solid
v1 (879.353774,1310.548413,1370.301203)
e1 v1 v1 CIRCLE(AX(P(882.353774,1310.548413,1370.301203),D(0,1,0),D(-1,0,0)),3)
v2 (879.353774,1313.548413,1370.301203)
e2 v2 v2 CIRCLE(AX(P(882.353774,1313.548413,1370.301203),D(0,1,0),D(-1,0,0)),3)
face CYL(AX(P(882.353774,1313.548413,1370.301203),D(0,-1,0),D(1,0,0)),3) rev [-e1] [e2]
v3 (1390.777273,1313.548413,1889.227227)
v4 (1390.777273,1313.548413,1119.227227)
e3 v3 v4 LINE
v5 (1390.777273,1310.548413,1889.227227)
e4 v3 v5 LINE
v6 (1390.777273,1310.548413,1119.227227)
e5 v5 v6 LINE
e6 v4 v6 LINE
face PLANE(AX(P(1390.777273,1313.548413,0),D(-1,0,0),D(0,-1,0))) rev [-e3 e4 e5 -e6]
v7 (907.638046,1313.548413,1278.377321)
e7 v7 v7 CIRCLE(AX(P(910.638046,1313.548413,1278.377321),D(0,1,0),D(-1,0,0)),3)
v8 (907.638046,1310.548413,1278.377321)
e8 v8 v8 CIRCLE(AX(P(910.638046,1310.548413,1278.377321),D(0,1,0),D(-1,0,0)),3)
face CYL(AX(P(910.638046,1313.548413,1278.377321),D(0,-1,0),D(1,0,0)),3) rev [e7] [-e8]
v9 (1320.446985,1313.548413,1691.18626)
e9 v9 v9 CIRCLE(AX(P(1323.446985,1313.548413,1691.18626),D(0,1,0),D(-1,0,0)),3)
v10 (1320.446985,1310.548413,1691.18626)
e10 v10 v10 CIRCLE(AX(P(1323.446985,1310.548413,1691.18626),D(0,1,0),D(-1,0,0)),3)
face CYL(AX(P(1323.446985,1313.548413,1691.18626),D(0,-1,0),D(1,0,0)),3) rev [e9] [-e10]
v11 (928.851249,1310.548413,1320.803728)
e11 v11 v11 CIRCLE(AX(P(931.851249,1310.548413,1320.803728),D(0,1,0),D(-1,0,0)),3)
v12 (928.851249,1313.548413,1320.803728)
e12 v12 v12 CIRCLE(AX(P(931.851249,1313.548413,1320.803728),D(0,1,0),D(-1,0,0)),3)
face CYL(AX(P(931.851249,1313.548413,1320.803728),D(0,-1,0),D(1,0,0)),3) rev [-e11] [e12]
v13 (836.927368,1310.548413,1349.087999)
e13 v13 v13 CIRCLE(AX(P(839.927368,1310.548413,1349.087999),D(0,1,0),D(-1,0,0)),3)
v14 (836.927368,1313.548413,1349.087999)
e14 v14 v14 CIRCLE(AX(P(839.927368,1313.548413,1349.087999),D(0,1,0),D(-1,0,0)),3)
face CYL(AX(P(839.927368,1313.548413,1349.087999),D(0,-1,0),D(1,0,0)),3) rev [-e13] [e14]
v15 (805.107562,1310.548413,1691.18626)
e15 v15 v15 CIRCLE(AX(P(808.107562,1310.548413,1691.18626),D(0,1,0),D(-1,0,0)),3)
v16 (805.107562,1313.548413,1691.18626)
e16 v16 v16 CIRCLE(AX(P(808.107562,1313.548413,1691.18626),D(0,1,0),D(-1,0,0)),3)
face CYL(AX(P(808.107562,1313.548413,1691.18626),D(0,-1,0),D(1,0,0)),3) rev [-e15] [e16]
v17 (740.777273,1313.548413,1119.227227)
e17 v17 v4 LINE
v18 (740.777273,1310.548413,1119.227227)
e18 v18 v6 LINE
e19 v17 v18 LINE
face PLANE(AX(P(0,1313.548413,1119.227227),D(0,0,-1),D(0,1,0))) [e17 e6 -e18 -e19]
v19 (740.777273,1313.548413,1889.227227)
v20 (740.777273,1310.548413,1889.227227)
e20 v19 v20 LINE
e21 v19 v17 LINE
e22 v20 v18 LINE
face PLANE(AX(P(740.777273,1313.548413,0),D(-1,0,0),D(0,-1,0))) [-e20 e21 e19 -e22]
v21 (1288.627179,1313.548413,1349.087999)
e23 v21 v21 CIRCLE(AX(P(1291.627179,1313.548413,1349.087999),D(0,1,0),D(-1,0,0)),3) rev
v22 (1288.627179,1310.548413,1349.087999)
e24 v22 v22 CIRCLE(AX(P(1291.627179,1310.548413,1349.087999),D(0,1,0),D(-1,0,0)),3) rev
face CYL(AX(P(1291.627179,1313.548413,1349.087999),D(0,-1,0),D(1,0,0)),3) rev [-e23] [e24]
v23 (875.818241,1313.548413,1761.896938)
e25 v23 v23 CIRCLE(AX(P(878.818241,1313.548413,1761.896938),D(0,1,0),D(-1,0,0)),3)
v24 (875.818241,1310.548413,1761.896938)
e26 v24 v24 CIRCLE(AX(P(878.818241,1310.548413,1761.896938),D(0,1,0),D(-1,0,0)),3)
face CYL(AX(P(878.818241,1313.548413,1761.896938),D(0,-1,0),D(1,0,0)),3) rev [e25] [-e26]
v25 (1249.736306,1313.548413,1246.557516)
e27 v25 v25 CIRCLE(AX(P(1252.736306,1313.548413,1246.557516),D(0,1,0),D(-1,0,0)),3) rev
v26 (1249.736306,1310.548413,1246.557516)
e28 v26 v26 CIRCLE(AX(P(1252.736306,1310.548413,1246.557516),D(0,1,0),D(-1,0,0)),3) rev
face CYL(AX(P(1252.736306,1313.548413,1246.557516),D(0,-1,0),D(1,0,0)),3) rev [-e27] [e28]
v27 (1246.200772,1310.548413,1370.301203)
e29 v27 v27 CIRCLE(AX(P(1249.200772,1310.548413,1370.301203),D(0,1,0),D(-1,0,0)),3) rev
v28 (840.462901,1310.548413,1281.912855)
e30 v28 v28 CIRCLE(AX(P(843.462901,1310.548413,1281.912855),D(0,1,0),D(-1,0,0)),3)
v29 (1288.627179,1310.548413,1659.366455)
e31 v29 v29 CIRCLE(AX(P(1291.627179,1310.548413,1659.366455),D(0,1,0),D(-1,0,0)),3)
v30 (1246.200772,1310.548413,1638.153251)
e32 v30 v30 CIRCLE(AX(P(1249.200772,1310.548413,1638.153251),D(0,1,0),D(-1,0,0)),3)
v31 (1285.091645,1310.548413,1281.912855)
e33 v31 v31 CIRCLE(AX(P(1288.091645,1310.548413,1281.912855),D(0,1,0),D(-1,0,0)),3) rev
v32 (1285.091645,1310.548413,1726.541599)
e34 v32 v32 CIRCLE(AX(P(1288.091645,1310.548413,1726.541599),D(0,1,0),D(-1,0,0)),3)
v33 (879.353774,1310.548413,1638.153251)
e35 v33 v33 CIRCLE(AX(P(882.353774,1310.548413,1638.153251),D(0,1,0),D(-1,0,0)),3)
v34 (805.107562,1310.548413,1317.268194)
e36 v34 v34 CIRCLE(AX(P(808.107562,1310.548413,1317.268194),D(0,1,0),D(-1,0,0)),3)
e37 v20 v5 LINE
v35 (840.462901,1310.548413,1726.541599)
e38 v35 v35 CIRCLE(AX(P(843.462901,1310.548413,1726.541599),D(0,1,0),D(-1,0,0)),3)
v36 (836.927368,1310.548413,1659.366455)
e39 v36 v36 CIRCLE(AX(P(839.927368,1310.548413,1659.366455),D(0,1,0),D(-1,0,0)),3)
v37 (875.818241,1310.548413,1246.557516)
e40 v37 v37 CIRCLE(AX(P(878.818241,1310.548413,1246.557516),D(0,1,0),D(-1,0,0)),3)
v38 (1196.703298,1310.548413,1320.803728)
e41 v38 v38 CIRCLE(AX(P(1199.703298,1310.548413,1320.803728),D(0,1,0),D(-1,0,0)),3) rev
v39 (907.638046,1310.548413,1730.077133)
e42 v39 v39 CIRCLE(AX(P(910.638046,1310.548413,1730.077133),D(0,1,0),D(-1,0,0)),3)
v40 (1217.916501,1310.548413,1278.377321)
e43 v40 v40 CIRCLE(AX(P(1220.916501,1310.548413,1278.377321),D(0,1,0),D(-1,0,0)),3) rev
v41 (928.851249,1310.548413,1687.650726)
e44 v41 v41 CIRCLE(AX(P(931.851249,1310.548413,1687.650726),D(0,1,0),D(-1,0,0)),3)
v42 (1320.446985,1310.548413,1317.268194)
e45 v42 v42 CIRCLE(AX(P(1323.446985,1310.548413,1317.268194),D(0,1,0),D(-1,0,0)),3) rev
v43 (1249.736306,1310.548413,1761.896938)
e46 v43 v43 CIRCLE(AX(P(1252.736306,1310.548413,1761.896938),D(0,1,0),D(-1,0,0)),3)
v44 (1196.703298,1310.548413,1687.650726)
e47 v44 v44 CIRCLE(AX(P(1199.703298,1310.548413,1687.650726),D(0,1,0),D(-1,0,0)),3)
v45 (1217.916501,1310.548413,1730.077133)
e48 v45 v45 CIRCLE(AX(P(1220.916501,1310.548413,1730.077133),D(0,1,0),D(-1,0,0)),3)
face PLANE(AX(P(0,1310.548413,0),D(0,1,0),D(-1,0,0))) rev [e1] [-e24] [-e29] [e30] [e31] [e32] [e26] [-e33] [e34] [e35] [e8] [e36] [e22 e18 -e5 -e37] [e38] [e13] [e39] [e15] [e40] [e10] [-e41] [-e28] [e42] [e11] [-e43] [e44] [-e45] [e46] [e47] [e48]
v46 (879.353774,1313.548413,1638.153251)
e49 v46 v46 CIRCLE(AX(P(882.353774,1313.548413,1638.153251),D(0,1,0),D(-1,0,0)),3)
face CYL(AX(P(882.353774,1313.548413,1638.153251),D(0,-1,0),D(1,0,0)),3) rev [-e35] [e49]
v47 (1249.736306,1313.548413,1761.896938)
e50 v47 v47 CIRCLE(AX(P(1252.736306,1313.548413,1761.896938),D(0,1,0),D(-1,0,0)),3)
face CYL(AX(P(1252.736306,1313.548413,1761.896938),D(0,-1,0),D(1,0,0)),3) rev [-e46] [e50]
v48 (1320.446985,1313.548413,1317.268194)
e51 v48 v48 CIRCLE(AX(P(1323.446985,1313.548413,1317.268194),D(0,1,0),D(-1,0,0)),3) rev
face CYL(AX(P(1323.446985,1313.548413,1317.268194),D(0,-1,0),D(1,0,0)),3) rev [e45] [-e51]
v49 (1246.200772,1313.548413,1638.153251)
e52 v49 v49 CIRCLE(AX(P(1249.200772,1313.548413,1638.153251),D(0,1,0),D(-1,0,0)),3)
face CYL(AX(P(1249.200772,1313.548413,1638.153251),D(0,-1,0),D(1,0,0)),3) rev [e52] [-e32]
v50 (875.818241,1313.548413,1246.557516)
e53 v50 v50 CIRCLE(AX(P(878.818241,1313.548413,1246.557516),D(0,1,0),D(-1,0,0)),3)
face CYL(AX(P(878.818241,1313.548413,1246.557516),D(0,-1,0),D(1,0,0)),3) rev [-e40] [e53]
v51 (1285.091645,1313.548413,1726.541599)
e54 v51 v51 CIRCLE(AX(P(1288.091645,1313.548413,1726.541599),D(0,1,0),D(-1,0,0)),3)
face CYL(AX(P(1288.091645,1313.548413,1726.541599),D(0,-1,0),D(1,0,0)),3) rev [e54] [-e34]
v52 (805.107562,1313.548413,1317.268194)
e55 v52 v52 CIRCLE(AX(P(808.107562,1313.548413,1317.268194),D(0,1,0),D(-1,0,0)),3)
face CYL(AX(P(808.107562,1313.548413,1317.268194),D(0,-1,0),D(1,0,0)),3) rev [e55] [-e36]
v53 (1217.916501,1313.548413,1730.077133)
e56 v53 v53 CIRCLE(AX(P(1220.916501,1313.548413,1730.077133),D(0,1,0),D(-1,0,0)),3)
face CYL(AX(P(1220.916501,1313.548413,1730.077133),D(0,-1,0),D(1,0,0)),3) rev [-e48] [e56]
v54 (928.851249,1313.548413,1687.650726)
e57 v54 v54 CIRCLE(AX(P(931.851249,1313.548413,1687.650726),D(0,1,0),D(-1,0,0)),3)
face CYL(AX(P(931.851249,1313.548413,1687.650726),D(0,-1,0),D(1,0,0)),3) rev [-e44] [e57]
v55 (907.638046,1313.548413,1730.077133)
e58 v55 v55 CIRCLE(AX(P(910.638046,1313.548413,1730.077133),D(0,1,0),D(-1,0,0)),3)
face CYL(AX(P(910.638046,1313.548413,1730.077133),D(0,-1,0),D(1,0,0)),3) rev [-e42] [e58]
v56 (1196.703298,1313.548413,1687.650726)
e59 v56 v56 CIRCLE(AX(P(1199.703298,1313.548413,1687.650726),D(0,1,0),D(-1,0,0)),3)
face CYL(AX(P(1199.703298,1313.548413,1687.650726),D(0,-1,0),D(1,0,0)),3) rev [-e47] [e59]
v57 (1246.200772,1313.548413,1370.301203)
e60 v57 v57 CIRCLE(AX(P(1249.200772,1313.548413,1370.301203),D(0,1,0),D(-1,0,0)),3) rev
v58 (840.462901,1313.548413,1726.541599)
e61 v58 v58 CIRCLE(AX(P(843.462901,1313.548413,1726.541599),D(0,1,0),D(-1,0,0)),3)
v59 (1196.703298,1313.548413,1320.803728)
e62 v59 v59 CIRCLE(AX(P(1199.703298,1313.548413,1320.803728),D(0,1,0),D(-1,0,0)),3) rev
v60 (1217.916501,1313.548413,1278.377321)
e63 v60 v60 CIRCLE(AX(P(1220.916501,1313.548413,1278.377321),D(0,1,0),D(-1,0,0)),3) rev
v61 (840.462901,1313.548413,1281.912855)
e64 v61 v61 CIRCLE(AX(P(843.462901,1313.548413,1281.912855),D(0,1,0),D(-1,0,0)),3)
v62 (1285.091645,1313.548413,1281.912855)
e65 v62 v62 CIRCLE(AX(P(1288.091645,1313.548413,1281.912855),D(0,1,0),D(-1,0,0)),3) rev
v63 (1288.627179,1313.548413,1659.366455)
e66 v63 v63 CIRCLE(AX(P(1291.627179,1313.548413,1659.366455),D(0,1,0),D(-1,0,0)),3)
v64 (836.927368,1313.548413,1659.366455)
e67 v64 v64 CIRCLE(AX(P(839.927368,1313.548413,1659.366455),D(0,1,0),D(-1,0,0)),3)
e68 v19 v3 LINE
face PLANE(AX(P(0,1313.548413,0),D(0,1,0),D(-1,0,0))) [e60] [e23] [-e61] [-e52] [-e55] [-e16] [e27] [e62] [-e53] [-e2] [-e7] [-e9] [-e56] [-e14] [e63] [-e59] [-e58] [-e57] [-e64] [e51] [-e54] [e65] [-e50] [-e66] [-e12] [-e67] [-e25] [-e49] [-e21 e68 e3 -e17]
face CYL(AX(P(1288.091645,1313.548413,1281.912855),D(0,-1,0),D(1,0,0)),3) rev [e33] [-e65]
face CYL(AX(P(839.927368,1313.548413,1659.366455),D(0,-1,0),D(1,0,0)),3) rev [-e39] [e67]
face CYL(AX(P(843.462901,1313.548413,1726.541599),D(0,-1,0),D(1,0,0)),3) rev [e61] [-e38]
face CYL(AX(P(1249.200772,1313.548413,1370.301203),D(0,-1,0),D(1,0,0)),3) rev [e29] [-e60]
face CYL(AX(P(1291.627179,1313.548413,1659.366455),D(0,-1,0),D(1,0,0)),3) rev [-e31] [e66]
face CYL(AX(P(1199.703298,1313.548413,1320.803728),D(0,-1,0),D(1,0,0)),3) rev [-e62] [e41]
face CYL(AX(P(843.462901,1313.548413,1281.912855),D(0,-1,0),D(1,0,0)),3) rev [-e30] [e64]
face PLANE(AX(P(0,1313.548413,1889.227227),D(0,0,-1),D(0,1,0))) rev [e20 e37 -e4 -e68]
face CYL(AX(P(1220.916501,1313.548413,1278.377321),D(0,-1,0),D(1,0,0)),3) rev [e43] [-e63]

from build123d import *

# Parameters (mm, degrees)
SKETCH2_W           = 650
SKETCH2_H           = 770
SKETCH2_R           = 3
BOSS_EXTRUDE2_DEPTH = 3


with BuildPart() as part:
    # Sketch2 → Boss-Extrude2 (new body)
    with BuildSketch(Plane(origin=(0, 1310.548413309, 0), x_dir=(1, 0, 0), z_dir=(0, 1, 0))):
        with Locations((1065.777273447, -1504.227226955)):
            Rectangle(SKETCH2_W, SKETCH2_H)
        with Locations(Location((843.462901442, -1726.54159896, 0), (0, 0, 180))):
            Circle(SKETCH2_R, mode=Mode.SUBTRACT)
        with Locations(Location((878.818240502, -1761.896938019, 0), (0, 0, 180))):
            Circle(SKETCH2_R, mode=Mode.SUBTRACT)
        with Locations(Location((910.638045655, -1730.077132866, 0), (0, 0, 180))):
            Circle(SKETCH2_R, mode=Mode.SUBTRACT)
        with Locations(Location((808.107562383, -1691.186259901, 0), (0, 0, 180))):
            Circle(SKETCH2_R, mode=Mode.SUBTRACT)
        with Locations(Location((839.927367536, -1659.366454747, 0), (0, 0, 180))):
            Circle(SKETCH2_R, mode=Mode.SUBTRACT)
        with Locations(Location((931.851249091, -1687.650725995, 0), (0, 0, 180))):
            Circle(SKETCH2_R, mode=Mode.SUBTRACT)
        with Locations(Location((882.353774408, -1638.153251312, 0), (0, 0, 180))):
            Circle(SKETCH2_R, mode=Mode.SUBTRACT)
        with Locations(Location((839.927367536, -1349.087999163, 0), (0, 0, 180))):
            Circle(SKETCH2_R, mode=Mode.SUBTRACT)
        with Locations(Location((808.107562383, -1317.268194009, 0), (0, 0, 180))):
            Circle(SKETCH2_R, mode=Mode.SUBTRACT)
        with Locations(Location((882.353774408, -1370.301202598, 0), (0, 0, 180))):
            Circle(SKETCH2_R, mode=Mode.SUBTRACT)
        with Locations(Location((931.851249091, -1320.803727915, 0), (0, 0, 180))):
            Circle(SKETCH2_R, mode=Mode.SUBTRACT)
        with Locations(Location((843.462901442, -1281.91285495, 0), (0, 0, 180))):
            Circle(SKETCH2_R, mode=Mode.SUBTRACT)
        with Locations(Location((910.638045655, -1278.377321044, 0), (0, 0, 180))):
            Circle(SKETCH2_R, mode=Mode.SUBTRACT)
        with Locations(Location((878.818240502, -1246.55751589, 0), (0, 0, 180))):
            Circle(SKETCH2_R, mode=Mode.SUBTRACT)
        with Locations(Location((1199.703297804, -1320.803727915, 0), (0, 0, 180))):
            Circle(SKETCH2_R, mode=Mode.SUBTRACT)
        with Locations(Location((1249.200772487, -1370.301202598, 0), (0, 0, 180))):
            Circle(SKETCH2_R, mode=Mode.SUBTRACT)
        with Locations(Location((1291.627179358, -1349.087999163, 0), (0, 0, 180))):
            Circle(SKETCH2_R, mode=Mode.SUBTRACT)
        with Locations(Location((1323.446984512, -1317.268194009, 0), (0, 0, 180))):
            Circle(SKETCH2_R, mode=Mode.SUBTRACT)
        with Locations(Location((1220.91650124, -1278.377321044, 0), (0, 0, 180))):
            Circle(SKETCH2_R, mode=Mode.SUBTRACT)
        with Locations(Location((1252.736306393, -1246.55751589, 0), (0, 0, 180))):
            Circle(SKETCH2_R, mode=Mode.SUBTRACT)
        with Locations(Location((1288.091645453, -1281.91285495, 0), (0, 0, 180))):
            Circle(SKETCH2_R, mode=Mode.SUBTRACT)
        with Locations(Location((1291.627179358, -1659.366454747, 0), (0, 0, 180))):
            Circle(SKETCH2_R, mode=Mode.SUBTRACT)
        with Locations(Location((1199.703297804, -1687.650725995, 0), (0, 0, 180))):
            Circle(SKETCH2_R, mode=Mode.SUBTRACT)
        with Locations(Location((1249.200772487, -1638.153251312, 0), (0, 0, 180))):
            Circle(SKETCH2_R, mode=Mode.SUBTRACT)
        with Locations(Location((1323.446984512, -1691.186259901, 0), (0, 0, 180))):
            Circle(SKETCH2_R, mode=Mode.SUBTRACT)
        with Locations(Location((1220.91650124, -1730.077132866, 0), (0, 0, 180))):
            Circle(SKETCH2_R, mode=Mode.SUBTRACT)
        with Locations(Location((1252.736306393, -1761.896938019, 0), (0, 0, 180))):
            Circle(SKETCH2_R, mode=Mode.SUBTRACT)
        with Locations(Location((1288.091645453, -1726.54159896, 0), (0, 0, 180))):
            Circle(SKETCH2_R, mode=Mode.SUBTRACT)
    extrude(amount=BOSS_EXTRUDE2_DEPTH)


solid = part.part
